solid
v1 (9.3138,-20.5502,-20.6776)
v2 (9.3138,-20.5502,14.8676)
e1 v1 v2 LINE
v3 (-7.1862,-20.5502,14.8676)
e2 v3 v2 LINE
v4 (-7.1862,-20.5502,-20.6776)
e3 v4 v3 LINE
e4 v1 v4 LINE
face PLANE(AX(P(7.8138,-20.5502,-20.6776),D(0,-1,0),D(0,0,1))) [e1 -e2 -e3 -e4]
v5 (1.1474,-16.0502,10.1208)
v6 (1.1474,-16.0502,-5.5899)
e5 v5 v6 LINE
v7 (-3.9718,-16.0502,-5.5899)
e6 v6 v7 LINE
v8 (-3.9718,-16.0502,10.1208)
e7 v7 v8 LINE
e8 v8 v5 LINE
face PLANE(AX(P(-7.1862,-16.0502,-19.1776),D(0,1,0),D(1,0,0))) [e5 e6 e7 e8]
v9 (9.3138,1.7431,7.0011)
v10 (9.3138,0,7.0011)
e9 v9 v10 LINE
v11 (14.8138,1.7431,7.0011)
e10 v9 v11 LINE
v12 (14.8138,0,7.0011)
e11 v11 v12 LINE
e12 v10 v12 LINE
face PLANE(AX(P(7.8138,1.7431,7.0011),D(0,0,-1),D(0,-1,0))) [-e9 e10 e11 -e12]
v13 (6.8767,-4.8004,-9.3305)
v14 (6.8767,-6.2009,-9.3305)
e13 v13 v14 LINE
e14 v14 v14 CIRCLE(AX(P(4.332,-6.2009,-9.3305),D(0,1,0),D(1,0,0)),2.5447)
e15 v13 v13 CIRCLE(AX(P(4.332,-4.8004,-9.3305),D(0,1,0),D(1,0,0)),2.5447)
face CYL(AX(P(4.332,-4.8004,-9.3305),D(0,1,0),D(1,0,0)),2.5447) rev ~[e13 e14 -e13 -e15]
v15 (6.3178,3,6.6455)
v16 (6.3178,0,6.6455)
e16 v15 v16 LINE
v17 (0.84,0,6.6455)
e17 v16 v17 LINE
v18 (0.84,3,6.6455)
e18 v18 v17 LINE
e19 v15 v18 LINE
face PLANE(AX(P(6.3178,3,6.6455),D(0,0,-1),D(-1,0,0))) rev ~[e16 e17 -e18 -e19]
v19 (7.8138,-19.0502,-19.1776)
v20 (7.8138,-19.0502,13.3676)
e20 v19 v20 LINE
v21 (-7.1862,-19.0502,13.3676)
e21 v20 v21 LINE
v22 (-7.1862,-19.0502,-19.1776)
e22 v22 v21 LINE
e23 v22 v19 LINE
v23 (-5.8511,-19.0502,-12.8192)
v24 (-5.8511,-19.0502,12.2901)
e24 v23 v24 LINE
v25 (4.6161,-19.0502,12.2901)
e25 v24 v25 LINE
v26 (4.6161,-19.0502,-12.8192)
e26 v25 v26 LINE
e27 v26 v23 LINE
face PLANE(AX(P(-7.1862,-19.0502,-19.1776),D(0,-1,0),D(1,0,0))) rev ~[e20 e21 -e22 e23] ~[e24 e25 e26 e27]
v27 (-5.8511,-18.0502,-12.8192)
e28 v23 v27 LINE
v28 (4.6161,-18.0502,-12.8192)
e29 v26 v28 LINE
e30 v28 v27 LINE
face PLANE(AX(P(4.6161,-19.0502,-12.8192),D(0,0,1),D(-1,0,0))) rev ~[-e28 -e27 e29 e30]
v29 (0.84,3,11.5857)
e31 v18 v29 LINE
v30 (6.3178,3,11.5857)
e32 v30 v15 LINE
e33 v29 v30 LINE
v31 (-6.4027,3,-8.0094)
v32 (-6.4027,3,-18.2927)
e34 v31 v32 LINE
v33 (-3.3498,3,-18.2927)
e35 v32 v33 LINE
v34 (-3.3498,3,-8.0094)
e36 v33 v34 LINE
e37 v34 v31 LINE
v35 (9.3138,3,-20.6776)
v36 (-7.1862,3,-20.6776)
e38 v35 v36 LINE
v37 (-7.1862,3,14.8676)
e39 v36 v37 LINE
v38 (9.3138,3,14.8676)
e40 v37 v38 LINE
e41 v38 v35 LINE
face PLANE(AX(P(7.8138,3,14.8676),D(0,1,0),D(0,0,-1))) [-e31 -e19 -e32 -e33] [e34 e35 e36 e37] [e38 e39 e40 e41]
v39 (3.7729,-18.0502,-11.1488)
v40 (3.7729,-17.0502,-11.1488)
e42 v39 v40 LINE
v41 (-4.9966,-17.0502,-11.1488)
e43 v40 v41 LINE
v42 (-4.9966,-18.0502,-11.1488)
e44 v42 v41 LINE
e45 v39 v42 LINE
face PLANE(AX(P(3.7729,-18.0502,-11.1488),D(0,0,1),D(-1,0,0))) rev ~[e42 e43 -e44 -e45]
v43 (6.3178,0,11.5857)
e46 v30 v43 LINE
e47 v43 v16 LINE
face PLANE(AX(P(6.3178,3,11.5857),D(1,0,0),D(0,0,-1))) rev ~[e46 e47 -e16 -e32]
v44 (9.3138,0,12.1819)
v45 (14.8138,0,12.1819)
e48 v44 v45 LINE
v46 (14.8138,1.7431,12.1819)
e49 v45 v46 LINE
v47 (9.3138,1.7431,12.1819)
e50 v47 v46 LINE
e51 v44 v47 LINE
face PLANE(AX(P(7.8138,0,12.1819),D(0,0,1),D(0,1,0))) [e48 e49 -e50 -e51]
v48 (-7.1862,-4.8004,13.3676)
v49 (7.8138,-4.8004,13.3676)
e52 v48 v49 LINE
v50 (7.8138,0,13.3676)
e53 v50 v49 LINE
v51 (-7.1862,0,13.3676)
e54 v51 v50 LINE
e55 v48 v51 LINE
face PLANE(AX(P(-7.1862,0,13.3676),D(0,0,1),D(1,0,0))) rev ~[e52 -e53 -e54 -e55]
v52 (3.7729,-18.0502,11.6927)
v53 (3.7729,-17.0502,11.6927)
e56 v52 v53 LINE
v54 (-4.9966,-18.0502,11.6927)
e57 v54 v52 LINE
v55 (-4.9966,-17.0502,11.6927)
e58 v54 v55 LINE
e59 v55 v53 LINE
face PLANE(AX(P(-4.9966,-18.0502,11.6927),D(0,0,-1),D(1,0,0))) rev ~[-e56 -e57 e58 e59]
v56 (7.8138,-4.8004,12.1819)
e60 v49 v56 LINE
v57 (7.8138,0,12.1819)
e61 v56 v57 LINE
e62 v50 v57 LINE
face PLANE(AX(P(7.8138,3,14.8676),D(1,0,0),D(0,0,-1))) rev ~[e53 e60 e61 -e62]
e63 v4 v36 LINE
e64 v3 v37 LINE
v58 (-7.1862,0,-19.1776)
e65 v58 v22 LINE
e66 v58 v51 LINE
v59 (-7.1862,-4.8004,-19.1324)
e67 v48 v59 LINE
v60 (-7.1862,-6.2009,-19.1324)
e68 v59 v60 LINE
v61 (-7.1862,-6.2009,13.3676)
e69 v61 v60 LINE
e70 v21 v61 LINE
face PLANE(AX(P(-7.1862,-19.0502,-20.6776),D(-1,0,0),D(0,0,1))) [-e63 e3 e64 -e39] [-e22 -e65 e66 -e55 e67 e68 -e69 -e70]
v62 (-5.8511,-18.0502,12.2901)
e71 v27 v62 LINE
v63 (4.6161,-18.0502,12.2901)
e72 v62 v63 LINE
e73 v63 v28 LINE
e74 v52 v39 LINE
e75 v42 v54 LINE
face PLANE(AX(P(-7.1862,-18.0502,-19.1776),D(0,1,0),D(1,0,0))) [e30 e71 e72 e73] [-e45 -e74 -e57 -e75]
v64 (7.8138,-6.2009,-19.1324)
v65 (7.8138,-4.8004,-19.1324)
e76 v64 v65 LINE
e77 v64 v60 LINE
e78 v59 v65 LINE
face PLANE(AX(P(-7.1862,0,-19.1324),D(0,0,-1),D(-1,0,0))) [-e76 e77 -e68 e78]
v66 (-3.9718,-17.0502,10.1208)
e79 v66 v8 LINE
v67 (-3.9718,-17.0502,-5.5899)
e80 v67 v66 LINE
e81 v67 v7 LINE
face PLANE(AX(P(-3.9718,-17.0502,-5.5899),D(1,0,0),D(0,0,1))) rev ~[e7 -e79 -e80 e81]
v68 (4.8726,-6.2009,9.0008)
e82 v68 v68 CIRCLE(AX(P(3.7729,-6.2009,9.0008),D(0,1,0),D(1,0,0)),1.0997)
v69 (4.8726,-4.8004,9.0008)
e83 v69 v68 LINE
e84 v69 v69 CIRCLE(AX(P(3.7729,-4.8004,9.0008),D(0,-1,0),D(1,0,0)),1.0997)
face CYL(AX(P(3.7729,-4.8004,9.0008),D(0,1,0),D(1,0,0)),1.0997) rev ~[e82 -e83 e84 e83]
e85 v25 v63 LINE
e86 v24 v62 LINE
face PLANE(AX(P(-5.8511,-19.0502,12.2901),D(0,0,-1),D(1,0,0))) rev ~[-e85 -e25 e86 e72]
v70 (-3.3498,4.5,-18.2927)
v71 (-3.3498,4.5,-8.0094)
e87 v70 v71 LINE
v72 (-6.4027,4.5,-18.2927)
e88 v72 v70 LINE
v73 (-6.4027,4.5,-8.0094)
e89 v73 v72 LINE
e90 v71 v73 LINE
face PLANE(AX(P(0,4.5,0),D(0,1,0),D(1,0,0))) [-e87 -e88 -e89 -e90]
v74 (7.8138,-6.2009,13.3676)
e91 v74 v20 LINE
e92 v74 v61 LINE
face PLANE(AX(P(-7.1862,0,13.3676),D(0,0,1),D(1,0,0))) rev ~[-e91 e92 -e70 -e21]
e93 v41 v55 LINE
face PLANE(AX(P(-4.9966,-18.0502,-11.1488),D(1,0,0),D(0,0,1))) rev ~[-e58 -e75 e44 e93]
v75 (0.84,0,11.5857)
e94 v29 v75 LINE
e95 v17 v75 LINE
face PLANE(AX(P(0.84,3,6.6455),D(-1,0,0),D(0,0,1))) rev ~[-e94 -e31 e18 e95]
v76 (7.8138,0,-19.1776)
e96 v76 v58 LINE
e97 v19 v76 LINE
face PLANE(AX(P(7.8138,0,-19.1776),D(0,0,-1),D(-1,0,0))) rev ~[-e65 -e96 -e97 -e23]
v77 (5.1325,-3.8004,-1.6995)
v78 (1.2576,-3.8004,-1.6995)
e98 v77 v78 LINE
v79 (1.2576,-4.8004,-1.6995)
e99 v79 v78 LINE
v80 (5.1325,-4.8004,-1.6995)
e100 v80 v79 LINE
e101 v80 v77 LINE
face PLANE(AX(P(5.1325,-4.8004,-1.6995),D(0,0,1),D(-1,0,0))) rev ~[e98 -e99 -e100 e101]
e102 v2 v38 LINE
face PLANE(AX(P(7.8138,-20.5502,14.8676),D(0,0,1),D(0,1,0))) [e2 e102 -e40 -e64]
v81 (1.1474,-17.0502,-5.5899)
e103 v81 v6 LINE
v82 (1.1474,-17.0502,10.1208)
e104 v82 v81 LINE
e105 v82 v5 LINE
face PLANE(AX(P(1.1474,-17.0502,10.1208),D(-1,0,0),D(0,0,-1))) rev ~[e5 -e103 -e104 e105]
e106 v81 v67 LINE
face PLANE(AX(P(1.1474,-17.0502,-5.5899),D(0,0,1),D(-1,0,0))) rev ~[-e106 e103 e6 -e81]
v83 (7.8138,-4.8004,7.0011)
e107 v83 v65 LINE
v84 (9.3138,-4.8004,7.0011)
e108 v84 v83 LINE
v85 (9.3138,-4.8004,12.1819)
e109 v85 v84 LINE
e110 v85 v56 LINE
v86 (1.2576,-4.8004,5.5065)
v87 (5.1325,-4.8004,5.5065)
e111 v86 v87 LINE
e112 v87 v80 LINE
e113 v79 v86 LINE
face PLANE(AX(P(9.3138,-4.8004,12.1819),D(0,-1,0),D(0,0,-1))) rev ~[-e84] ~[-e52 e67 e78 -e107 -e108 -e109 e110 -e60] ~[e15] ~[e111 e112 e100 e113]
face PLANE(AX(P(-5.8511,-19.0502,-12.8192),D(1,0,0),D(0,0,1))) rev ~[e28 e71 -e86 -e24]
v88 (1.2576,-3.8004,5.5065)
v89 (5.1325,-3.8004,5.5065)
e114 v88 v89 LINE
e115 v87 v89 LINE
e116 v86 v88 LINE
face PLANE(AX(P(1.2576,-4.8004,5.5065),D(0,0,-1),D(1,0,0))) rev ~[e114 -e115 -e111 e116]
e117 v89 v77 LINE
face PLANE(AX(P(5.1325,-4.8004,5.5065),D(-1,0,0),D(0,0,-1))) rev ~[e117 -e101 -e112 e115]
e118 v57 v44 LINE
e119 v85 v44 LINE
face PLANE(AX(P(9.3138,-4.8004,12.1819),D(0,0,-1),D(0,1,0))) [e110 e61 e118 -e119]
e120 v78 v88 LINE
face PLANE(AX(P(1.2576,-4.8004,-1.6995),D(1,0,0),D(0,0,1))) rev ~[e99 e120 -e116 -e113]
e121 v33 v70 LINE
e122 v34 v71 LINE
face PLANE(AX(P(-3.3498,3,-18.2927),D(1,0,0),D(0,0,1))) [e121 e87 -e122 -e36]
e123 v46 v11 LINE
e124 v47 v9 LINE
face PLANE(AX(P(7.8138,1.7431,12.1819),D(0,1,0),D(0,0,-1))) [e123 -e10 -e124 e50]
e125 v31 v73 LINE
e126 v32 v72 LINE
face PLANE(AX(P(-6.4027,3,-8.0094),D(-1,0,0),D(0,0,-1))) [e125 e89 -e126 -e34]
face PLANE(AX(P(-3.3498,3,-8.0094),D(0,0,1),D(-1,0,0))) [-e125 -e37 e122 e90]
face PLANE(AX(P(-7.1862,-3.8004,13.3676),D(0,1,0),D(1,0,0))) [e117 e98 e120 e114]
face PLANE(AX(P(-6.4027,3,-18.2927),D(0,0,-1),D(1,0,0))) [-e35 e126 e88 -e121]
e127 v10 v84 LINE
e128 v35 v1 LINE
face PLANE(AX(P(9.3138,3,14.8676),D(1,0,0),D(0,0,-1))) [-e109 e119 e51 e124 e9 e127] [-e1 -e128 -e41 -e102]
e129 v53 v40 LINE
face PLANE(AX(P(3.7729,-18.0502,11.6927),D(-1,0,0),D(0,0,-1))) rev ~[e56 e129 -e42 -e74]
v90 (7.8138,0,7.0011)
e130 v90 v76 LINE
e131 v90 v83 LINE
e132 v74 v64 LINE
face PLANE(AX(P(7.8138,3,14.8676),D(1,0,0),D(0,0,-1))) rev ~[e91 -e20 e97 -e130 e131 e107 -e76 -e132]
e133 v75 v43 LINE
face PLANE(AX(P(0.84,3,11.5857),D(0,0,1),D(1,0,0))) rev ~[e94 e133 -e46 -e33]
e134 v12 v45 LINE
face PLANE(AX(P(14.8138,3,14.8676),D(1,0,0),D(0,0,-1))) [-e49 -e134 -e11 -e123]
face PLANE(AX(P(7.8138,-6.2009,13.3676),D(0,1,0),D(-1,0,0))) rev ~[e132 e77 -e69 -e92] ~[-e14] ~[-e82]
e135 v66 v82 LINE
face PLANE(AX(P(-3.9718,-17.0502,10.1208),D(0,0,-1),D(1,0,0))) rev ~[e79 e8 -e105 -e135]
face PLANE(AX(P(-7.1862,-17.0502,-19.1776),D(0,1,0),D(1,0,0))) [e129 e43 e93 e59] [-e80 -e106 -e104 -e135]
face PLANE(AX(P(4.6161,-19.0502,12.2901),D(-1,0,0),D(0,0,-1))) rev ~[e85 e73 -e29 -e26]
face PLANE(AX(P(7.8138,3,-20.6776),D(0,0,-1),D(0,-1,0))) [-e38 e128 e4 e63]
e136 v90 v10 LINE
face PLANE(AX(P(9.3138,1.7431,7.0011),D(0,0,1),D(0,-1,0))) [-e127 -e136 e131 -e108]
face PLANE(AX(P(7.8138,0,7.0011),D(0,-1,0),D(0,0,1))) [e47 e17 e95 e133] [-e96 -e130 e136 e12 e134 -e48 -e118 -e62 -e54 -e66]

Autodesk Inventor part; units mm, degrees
ref_plane "YZ Plane" through (0, 0, 0) normal (1, 0, 0) x (0, 1, 0)
ref_plane "XZ Plane" through (0, 0, 0) normal (0, 1, 0) x (-1, 0, 0)
ref_plane "XY Plane" through (0, 0, 0) normal (0, 0, 1) x (1, 0, 0)
sketch "Sketch1" plane through (0, 0, 0) normal (0, 1, 0) x (-1, 0, 0)
  line L0 (7.1862, 13.3676) -> (-7.8138, 13.3676)
  line L1 (-7.8138, 13.3676) -> (-7.8138, -19.1776)
  line L2 (-7.8138, -19.1776) -> (7.1862, -19.1776)
  line L3 (7.1862, -19.1776) -> (7.1862, 13.3676)
  point P0 (0, 0)
  dimension "d0" = 15
extrude "Extrusion1" add sketch "Sketch1" along normal blind 3
sketch "Sketch2" plane through (0, 3, 0) normal (0, 1, 0) x (1, 0, 0)
  line L0 (0.84, -11.5857) -> (6.3178, -11.5857)
  line L1 (6.3178, -11.5857) -> (6.3178, -6.6455)
  line L2 (6.3178, -6.6455) -> (0.84, -6.6455)
  line L3 (0.84, -6.6455) -> (0.84, -11.5857)
  point P0 (0, 0)
extrude "Extrusion2" cut sketch "Sketch2" against normal blind 4.5
sketch "Sketch3" plane through (0, 3, 0) normal (0, 1, 0) x (1, 0, 0)
  line L0 (-6.4027, 18.2927) -> (-3.3498, 18.2927)
  line L1 (-3.3498, 18.2927) -> (-3.3498, 8.0094)
  line L2 (-3.3498, 8.0094) -> (-6.4027, 8.0094)
  line L3 (-6.4027, 8.0094) -> (-6.4027, 18.2927)
  point P0 (0, 0)
extrude "Extrusion3" add sketch "Sketch3" along normal blind 1.5
sketch "Sketch4" plane through (-7.1862, 0, 13.3676) normal (0, 0, 1) x (1, 0, 0)
  line L0 (0, 3) -> (15, 3) projected
  line L1 (0, 3) -> (15, 3)
  line L2 (15, 3) -> (15, -19.0502)
  line L3 (15, -19.0502) -> (0, -19.0502)
  line L4 (0, -19.0502) -> (0, 3)
  point P0 (7.1862, 0)
extrude "Extrusion4" add sketch "Sketch4" along normal blind 1.5
sketch "Sketch5" plane through (-7.1862, 0, 13.3676) normal (0, 0, -1) x (-1, 0, 0)
  line L0 (-15, -19.0502) -> (-15, 0) projected
  line L1 (0, 0) -> (0, -19.0502) projected
  line L2 (-15, -6.2009) -> (0, -6.2009)
  line L3 (0, -6.2009) -> (0, -4.8004)
  line L4 (0, -4.8004) -> (-15, -4.8004)
  line L5 (-15, -4.8004) -> (-15, -6.2009)
  point P0 (-7.1862, 0)
extrude "Extrusion5" add sketch "Sketch5" along normal blind 32.5
sketch "Sketch6" plane through (7.8138, 0, -19.1776) normal (0, 0, -1) x (-1, 0, 0)
  line L0 (0, 0) -> (0, 3) projected
  line L1 (15, -6.2009) -> (15, -19.0502) projected
  line L2 (0, 3) -> (15, 3)
  line L3 (15, 3) -> (15, -19.0502)
  line L4 (15, -19.0502) -> (0, -19.0502)
  line L5 (0, -19.0502) -> (0, 3)
  point P0 (7.8138, 0)
extrude "Extrusion6" add sketch "Sketch6" along normal blind 1.5
sketch "Sketch7" plane through (-7.1862, -19.0502, -19.1776) normal (0, -1, 0) x (1, 0, 0)
  line L0 (15, -1.5) -> (15, 34.0452) projected
  line L1 (15, -1.5) -> (0, -1.5)
  line L2 (0, -1.5) -> (0, 34.0452)
  line L3 (0, 34.0452) -> (15, 34.0452)
  line L4 (15, 34.0452) -> (15, -1.5)
  point P0 (7.1862, 19.1776)
extrude "Extrusion7" add sketch "Sketch7" along normal blind 1.5
sketch "Sketch8" plane through (0, 3, 0) normal (0, 1, 0) x (1, 0, 0)
  point P0 (0, 0)
sketch "Sketch10" plane through (7.8138, 3, 14.8676) normal (1, 0, 0) x (0, 0, -1)
  line L0 (0, 0) -> (35.5452, 0) projected
  line L1 (35.5452, 0) -> (35.5452, -23.5502) projected
  line L2 (0, 0) -> (35.5452, 0)
  line L3 (35.5452, 0) -> (35.5452, -23.5502)
  line L4 (35.5452, -23.5502) -> (0, -23.5502)
  line L5 (0, -23.5502) -> (0, 0)
  point P0 (14.8676, -3)
extrude "Extrusion9" add sketch "Sketch10" along normal blind 1.5
sketch "Sketch11" plane through (9.3138, 3, 14.8676) normal (1, 0, 0) x (0, 0, -1)
  point P0 (14.8676, -3)
sketch "Sketch12" plane through (9.3138, 3, 14.8676) normal (1, 0, 0) x (0, 0, -1)
  line L0 (1.5, -7.8004) -> (34, -7.8004) projected
  line L1 (2.6857, -1.2569) -> (7.8665, -1.2569)
  line L2 (7.8665, -1.2569) -> (7.8665, -7.8004)
  line L3 (7.8665, -7.8004) -> (2.6857, -7.8004)
  line L4 (2.6857, -7.8004) -> (2.6857, -1.2569)
  point P0 (14.8676, -3)
  point P1 (2.6857, -7.8004)
extrude "Extrusion10" cut sketch "Sketch12" against normal blind 1.5
sketch "Sketch13" plane through (-7.1862, -19.0502, -19.1776) normal (0, 1, 0) x (1, 0, 0)
  line L0 (11.8023, -6.3584) -> (1.3351, -6.3584)
  line L1 (1.3351, -6.3584) -> (1.3351, -31.4677)
  line L2 (1.3351, -31.4677) -> (11.8023, -31.4677)
  line L3 (11.8023, -31.4677) -> (11.8023, -6.3584)
  point P0 (7.1862, -19.1776)
extrude "Extrusion11" add sketch "Sketch13" along normal blind 1
sketch "Sketch14" plane through (-7.1862, -18.0502, -19.1776) normal (0, 1, 0) x (1, 0, 0)
  line L0 (10.9591, -8.0288) -> (2.1896, -8.0288)
  line L1 (2.1896, -8.0288) -> (2.1896, -30.8703)
  line L2 (2.1896, -30.8703) -> (10.9591, -30.8703)
  line L3 (10.9591, -30.8703) -> (10.9591, -8.0288)
  point P0 (7.1862, -19.1776)
extrude "Extrusion12" add sketch "Sketch14" along normal blind 1
sketch "Sketch15" plane through (-7.1862, -4.8004, 13.3676) normal (0, 1, 0) x (1, 0, 0)
  line L0 (12.3187, 15.0671) -> (8.4438, 15.0671)
  line L1 (8.4438, 15.0671) -> (8.4438, 7.8611)
  line L2 (8.4438, 7.8611) -> (12.3187, 7.8611)
  line L3 (12.3187, 7.8611) -> (12.3187, 15.0671)
  point P0 (7.1862, 13.3676)
extrude "Extrusion13" add sketch "Sketch15" along normal blind 1
sketch "Sketch17" plane through (-7.1862, -17.0502, -19.1776) normal (0, 1, 0) x (1, 0, 0)
  line L0 (8.3336, -13.5877) -> (3.2144, -13.5877)
  line L1 (3.2144, -13.5877) -> (3.2144, -29.2984)
  line L2 (3.2144, -29.2984) -> (8.3336, -29.2984)
  line L3 (8.3336, -29.2984) -> (8.3336, -13.5877)
  point P0 (7.1862, -19.1776)
extrude "Extrusion15" add sketch "Sketch17" along normal blind 1
sketch "Sketch19" plane through (7.8138, 3, 14.8676) normal (1, 0, 0) x (0, 0, -1)
  line L0 (2.6857, -1.2569) -> (7.8665, -1.2569) projected
  line L1 (7.8665, -1.2569) -> (7.8665, -7.8004) projected
  line L2 (2.6857, -1.2569) -> (7.8665, -1.2569)
  line L3 (7.8665, -1.2569) -> (7.8665, -3)
  line L4 (7.8665, -3) -> (2.6857, -3)
  line L5 (2.6857, -3) -> (2.6857, -1.2569)
  point P0 (14.8676, -3)
extrude "Extrusion16" add sketch "Sketch19" along normal blind 7
sketch "Sketch20" plane through (-7.1862, -4.8004, 13.3676) normal (0, 1, 0) x (1, 0, 0)
  point P0 (7.1862, 13.3676)
sketch "Sketch21" plane through (-7.1862, -4.8004, 13.3676) normal (0, 1, 0) x (1, 0, 0)
  point P0 (7.1862, 13.3676)
sketch "Sketch22" plane through (-7.1862, -4.8004, 13.3676) normal (0, 1, 0) x (1, 0, 0)
  point P0 (7.1862, 13.3676)
sketch "Sketch23" plane through (-7.1862, -4.8004, 13.3676) normal (0, 1, 0) x (1, 0, 0)
  circle A0 centre (11.5182, 22.6981) radius 2.5447
  point P0 (7.1862, 13.3676)
extrude "Extrusion17" cut sketch "Sketch23" against normal blind 1.5
sketch "Sketch24" plane through (-7.1862, -4.8004, 13.3676) normal (0, 1, 0) x (1, 0, 0)
  point P0 (7.1862, 13.3676)
sketch "Sketch25" plane through (-7.1862, -4.8004, 13.3676) normal (0, 1, 0) x (1, 0, 0)
  point P0 (7.1862, 13.3676)
sketch "Sketch26" plane through (-7.1862, -4.8004, 13.3676) normal (0, 1, 0) x (1, 0, 0)
  point P0 (7.1862, 13.3676)
sketch "Sketch27" plane through (-7.1862, -4.8004, 13.3676) normal (0, 1, 0) x (1, 0, 0)
  line L0 (10.9591, 1.6749) -> (10.9591, 24.5164) projected
  circle A0 centre (10.9591, 4.3668) radius 1.0997
  point P0 (7.1862, 13.3676)
extrude "Extrusion18" cut sketch "Sketch27" against normal blind 1.5
sketch "Sketch28" plane through (0, 4.5, 0) normal (0, 1, 0) x (1, 0, 0)
  point P0 (0, 0)
properties part number "Atas"
